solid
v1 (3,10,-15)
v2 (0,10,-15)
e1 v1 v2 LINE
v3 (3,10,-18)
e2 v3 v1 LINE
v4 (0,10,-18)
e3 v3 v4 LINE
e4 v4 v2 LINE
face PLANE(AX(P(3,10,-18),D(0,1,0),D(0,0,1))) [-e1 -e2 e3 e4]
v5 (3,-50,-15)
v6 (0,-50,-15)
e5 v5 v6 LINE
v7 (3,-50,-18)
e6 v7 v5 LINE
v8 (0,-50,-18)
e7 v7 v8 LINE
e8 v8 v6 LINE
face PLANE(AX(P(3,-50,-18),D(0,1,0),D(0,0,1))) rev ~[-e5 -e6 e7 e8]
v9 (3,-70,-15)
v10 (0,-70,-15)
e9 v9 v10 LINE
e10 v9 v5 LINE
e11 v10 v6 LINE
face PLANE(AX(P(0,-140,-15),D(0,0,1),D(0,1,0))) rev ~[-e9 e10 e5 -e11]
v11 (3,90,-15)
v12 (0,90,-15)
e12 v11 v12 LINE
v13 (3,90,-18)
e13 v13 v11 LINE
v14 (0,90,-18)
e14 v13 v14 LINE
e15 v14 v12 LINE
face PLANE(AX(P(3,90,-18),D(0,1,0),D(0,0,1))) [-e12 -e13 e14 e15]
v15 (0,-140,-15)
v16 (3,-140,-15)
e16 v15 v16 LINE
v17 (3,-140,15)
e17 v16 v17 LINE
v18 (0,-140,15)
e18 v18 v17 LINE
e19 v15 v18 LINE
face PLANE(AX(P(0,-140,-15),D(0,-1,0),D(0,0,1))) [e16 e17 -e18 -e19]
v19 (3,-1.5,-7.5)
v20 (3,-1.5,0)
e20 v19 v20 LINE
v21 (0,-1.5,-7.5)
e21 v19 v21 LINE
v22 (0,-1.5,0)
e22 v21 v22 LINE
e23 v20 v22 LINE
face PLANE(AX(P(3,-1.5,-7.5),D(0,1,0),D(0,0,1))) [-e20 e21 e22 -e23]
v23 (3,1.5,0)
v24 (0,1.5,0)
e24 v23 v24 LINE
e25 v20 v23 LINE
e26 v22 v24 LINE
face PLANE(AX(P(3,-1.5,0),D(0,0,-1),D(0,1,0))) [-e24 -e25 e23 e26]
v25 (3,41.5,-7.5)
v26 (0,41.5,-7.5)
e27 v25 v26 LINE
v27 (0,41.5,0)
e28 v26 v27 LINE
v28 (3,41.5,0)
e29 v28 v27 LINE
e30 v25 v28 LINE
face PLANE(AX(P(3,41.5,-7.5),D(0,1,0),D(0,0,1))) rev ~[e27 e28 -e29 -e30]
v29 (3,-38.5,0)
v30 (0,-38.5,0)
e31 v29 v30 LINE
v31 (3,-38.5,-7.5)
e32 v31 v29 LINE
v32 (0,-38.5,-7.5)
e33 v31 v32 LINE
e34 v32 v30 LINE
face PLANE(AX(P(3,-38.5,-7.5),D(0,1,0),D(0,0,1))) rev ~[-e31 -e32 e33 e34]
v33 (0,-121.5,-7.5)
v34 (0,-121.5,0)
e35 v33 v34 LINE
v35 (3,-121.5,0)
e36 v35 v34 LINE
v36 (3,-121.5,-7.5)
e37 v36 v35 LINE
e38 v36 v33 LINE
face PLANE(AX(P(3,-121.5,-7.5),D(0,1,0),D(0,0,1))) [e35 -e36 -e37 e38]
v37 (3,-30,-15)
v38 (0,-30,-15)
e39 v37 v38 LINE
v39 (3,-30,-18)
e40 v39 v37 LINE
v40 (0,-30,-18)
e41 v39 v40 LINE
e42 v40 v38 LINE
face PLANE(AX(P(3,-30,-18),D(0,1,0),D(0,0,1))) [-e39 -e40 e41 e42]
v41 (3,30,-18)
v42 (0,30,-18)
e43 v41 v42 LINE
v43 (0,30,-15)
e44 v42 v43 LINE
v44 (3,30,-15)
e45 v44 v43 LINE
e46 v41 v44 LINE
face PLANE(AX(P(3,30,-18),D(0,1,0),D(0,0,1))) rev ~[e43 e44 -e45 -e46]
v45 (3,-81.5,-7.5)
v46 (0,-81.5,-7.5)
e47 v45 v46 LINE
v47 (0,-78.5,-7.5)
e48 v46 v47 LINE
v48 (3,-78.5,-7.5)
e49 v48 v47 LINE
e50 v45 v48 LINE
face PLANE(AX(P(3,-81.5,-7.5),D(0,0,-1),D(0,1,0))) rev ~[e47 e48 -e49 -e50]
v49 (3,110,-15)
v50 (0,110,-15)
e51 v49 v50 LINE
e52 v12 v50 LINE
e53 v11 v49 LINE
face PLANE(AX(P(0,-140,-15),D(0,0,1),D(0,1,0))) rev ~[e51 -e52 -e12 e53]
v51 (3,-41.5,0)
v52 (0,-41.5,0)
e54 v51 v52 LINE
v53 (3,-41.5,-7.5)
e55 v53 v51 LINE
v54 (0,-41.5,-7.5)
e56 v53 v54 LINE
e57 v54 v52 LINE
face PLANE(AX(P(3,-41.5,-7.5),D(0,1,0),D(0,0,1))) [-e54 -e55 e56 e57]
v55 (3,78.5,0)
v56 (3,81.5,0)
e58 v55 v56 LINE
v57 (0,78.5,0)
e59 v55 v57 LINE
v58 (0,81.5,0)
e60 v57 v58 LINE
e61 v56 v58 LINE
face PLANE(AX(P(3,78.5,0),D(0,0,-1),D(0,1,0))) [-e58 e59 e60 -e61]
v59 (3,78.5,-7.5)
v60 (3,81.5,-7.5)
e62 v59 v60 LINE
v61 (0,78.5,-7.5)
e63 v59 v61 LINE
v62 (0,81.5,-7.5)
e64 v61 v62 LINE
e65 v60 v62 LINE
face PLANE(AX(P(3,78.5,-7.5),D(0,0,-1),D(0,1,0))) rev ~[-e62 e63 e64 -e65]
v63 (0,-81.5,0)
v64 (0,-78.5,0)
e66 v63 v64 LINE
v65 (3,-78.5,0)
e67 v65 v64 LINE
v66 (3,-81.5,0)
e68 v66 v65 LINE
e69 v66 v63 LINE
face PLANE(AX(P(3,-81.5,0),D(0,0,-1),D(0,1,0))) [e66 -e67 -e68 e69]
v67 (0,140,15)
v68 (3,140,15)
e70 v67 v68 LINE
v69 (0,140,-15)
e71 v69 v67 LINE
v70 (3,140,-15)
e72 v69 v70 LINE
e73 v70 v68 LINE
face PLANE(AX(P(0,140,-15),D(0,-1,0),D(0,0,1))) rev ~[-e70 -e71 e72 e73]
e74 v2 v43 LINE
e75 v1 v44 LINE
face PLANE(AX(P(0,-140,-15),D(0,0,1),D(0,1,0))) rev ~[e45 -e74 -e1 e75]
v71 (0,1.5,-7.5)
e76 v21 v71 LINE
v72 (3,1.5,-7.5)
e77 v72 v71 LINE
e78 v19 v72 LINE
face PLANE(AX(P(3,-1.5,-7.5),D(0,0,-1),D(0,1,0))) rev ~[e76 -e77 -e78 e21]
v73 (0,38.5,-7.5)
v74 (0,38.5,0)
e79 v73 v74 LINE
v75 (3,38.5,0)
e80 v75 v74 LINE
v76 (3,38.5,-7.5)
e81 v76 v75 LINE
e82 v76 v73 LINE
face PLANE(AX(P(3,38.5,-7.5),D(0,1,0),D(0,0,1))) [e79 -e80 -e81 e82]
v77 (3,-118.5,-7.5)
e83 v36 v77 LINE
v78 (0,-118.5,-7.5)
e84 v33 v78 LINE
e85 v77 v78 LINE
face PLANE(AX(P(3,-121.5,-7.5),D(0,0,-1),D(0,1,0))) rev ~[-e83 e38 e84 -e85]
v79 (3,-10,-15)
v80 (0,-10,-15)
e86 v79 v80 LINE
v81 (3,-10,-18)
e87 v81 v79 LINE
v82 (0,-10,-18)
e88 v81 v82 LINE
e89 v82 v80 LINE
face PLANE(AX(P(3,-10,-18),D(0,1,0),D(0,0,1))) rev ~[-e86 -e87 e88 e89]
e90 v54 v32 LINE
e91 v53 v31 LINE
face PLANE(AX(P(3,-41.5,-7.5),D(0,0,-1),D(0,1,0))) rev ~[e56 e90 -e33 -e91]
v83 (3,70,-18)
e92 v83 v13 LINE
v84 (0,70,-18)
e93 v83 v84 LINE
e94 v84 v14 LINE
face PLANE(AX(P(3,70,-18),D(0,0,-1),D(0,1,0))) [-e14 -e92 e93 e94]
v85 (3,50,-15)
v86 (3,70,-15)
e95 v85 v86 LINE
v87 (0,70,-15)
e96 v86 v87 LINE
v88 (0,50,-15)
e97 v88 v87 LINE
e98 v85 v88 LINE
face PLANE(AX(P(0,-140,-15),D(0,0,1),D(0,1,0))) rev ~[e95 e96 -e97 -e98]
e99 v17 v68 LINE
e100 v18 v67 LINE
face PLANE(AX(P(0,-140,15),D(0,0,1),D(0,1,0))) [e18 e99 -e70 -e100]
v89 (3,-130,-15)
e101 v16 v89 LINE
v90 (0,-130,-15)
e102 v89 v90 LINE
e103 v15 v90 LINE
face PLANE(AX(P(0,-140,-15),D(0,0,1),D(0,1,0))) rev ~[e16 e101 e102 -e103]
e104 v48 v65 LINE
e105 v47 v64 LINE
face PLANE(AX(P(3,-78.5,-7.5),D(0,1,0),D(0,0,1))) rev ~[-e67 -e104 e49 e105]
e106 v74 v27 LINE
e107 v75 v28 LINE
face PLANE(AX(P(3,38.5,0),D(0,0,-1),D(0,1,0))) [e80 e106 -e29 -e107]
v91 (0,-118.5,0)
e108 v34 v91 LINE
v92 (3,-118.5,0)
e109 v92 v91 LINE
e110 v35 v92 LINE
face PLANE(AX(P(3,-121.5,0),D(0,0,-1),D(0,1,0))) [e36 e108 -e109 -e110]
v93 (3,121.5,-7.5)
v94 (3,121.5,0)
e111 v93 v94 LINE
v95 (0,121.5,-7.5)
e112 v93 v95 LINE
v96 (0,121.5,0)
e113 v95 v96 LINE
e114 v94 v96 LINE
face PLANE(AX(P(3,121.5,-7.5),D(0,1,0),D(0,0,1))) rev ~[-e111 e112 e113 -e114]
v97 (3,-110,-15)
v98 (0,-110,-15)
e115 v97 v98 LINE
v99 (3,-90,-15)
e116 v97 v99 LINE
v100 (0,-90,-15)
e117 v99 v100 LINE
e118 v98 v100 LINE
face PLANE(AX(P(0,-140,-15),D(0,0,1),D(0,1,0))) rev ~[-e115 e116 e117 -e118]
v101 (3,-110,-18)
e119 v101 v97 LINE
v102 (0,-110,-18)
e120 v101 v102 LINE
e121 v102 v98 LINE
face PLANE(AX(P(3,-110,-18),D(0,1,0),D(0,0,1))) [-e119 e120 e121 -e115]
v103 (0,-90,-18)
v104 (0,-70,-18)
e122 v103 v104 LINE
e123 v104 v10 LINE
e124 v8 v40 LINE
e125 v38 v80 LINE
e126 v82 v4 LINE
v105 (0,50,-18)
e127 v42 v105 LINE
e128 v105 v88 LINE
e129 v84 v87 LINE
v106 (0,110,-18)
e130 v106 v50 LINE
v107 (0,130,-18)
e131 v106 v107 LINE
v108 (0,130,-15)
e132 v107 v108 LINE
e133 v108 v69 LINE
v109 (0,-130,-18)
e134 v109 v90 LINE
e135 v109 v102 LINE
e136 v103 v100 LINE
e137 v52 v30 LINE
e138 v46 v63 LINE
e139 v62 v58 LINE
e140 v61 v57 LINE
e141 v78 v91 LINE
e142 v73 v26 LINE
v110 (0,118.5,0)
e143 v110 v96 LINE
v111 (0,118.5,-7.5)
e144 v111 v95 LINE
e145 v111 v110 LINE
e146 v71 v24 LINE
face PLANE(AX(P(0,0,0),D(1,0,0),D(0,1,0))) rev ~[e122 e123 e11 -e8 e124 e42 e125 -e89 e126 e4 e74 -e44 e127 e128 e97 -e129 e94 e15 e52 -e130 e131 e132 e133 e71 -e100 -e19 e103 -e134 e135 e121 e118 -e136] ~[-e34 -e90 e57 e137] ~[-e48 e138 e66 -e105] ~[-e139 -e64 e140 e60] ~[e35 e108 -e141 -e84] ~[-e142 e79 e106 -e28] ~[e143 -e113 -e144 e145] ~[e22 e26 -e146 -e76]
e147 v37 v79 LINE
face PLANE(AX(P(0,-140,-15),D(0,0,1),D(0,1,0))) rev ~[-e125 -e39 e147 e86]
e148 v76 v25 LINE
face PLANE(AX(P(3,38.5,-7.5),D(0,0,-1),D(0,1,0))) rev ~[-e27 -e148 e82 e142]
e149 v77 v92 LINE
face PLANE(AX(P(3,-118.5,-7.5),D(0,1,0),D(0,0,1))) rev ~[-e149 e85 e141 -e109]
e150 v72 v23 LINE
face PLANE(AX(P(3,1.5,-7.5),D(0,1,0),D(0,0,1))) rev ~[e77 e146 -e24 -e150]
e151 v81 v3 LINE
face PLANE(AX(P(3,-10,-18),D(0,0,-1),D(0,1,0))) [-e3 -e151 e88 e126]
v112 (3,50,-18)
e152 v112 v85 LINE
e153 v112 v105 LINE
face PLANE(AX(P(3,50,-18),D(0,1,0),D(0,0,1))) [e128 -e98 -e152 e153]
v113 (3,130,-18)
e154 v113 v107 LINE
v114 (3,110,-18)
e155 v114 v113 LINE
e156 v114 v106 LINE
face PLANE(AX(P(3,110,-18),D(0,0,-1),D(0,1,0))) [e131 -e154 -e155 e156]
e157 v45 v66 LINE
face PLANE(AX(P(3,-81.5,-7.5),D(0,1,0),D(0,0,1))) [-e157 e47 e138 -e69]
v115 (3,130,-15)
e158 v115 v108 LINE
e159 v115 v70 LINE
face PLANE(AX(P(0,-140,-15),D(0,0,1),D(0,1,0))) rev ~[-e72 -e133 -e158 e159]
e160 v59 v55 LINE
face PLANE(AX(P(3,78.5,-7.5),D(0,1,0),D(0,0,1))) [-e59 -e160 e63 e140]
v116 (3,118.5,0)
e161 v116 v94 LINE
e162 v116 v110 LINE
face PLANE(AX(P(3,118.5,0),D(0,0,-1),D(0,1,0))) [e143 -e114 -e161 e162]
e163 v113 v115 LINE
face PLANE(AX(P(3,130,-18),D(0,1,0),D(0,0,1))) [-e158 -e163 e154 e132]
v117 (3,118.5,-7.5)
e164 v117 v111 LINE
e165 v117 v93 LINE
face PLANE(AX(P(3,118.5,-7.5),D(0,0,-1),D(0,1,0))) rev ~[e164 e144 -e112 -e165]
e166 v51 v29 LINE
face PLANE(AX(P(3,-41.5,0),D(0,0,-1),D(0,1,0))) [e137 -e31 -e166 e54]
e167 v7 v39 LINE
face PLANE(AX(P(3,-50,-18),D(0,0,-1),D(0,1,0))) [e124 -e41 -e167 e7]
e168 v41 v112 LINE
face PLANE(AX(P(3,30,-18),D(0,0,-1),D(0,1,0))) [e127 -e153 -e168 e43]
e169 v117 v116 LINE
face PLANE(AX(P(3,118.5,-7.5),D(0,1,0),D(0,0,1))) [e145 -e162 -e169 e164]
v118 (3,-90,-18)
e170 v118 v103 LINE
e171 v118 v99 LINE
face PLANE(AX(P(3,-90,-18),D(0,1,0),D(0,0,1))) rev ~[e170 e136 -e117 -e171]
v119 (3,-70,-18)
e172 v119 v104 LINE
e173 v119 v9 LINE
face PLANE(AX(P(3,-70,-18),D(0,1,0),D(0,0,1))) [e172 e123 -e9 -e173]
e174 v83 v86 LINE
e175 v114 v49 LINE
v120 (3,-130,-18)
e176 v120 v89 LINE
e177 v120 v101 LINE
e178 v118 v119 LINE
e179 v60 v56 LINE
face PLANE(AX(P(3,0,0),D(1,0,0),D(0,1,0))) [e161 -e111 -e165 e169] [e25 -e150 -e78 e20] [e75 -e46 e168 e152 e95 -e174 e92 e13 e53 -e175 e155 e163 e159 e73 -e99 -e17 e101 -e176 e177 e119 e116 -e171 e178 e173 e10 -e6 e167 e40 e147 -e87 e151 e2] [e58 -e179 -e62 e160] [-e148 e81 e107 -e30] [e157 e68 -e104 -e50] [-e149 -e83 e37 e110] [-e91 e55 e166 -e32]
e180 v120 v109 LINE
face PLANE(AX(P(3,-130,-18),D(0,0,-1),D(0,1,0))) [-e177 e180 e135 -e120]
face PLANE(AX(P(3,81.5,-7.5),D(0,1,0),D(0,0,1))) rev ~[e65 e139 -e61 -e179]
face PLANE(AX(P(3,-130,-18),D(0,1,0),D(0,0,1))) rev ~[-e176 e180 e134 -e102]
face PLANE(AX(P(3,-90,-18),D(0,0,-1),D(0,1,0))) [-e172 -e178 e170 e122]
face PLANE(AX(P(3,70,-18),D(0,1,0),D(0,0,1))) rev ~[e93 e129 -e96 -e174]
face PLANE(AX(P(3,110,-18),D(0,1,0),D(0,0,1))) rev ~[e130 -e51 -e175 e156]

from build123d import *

# Parameters (mm, degrees)
F0_W     = 280
F0_H     = 30
F1_DEPTH = 3
F2_W     = 20
F2_H     = 3
F3_DEPTH = 3
F4_W     = 3
F4_H     = 7.5
F5_DEPTH = 25


with BuildPart() as f1:
    # F0 (on Right) → F1 (new body)
    with BuildSketch(Plane.YZ):
        Rectangle(F0_W, F0_H)
    extrude(amount=F1_DEPTH)

    # F2 (on face) → F3 (join, through all)
    with BuildSketch(Plane.YZ.offset(3)):
        with Locations((120, -16.5)):
            Rectangle(F2_W, F2_H)
        with Locations((80, -16.5)):
            Rectangle(F2_W, F2_H)
        with Locations((40, -16.5)):
            Rectangle(F2_W, F2_H)
        with Locations((0, -16.5)):
            Rectangle(F2_W, F2_H)
        with Locations((-40, -16.5)):
            Rectangle(F2_W, F2_H)
        with Locations((-80, -16.5)):
            Rectangle(F2_W, F2_H)
        with Locations((-120, -16.5)):
            Rectangle(F2_W, F2_H)
    extrude(amount=-F3_DEPTH)

    # F4 (on face) → F5 (cut)
    with BuildSketch(Plane.YZ.offset(3)):
        with Locations((120, -3.75)):
            Rectangle(F4_W, F4_H)
        with Locations((80, -3.75)):
            Rectangle(F4_W, F4_H)
        with Locations((40, -3.75)):
            Rectangle(F4_W, F4_H)
        with Locations((0, -3.75)):
            Rectangle(F4_W, F4_H)
        with Locations((-40, -3.75)):
            Rectangle(F4_W, F4_H)
        with Locations((-80, -3.75)):
            Rectangle(F4_W, F4_H)
        with Locations((-120, -3.75)):
            Rectangle(F4_W, F4_H)
    extrude(amount=-F5_DEPTH, mode=Mode.SUBTRACT)


solid = f1.part
